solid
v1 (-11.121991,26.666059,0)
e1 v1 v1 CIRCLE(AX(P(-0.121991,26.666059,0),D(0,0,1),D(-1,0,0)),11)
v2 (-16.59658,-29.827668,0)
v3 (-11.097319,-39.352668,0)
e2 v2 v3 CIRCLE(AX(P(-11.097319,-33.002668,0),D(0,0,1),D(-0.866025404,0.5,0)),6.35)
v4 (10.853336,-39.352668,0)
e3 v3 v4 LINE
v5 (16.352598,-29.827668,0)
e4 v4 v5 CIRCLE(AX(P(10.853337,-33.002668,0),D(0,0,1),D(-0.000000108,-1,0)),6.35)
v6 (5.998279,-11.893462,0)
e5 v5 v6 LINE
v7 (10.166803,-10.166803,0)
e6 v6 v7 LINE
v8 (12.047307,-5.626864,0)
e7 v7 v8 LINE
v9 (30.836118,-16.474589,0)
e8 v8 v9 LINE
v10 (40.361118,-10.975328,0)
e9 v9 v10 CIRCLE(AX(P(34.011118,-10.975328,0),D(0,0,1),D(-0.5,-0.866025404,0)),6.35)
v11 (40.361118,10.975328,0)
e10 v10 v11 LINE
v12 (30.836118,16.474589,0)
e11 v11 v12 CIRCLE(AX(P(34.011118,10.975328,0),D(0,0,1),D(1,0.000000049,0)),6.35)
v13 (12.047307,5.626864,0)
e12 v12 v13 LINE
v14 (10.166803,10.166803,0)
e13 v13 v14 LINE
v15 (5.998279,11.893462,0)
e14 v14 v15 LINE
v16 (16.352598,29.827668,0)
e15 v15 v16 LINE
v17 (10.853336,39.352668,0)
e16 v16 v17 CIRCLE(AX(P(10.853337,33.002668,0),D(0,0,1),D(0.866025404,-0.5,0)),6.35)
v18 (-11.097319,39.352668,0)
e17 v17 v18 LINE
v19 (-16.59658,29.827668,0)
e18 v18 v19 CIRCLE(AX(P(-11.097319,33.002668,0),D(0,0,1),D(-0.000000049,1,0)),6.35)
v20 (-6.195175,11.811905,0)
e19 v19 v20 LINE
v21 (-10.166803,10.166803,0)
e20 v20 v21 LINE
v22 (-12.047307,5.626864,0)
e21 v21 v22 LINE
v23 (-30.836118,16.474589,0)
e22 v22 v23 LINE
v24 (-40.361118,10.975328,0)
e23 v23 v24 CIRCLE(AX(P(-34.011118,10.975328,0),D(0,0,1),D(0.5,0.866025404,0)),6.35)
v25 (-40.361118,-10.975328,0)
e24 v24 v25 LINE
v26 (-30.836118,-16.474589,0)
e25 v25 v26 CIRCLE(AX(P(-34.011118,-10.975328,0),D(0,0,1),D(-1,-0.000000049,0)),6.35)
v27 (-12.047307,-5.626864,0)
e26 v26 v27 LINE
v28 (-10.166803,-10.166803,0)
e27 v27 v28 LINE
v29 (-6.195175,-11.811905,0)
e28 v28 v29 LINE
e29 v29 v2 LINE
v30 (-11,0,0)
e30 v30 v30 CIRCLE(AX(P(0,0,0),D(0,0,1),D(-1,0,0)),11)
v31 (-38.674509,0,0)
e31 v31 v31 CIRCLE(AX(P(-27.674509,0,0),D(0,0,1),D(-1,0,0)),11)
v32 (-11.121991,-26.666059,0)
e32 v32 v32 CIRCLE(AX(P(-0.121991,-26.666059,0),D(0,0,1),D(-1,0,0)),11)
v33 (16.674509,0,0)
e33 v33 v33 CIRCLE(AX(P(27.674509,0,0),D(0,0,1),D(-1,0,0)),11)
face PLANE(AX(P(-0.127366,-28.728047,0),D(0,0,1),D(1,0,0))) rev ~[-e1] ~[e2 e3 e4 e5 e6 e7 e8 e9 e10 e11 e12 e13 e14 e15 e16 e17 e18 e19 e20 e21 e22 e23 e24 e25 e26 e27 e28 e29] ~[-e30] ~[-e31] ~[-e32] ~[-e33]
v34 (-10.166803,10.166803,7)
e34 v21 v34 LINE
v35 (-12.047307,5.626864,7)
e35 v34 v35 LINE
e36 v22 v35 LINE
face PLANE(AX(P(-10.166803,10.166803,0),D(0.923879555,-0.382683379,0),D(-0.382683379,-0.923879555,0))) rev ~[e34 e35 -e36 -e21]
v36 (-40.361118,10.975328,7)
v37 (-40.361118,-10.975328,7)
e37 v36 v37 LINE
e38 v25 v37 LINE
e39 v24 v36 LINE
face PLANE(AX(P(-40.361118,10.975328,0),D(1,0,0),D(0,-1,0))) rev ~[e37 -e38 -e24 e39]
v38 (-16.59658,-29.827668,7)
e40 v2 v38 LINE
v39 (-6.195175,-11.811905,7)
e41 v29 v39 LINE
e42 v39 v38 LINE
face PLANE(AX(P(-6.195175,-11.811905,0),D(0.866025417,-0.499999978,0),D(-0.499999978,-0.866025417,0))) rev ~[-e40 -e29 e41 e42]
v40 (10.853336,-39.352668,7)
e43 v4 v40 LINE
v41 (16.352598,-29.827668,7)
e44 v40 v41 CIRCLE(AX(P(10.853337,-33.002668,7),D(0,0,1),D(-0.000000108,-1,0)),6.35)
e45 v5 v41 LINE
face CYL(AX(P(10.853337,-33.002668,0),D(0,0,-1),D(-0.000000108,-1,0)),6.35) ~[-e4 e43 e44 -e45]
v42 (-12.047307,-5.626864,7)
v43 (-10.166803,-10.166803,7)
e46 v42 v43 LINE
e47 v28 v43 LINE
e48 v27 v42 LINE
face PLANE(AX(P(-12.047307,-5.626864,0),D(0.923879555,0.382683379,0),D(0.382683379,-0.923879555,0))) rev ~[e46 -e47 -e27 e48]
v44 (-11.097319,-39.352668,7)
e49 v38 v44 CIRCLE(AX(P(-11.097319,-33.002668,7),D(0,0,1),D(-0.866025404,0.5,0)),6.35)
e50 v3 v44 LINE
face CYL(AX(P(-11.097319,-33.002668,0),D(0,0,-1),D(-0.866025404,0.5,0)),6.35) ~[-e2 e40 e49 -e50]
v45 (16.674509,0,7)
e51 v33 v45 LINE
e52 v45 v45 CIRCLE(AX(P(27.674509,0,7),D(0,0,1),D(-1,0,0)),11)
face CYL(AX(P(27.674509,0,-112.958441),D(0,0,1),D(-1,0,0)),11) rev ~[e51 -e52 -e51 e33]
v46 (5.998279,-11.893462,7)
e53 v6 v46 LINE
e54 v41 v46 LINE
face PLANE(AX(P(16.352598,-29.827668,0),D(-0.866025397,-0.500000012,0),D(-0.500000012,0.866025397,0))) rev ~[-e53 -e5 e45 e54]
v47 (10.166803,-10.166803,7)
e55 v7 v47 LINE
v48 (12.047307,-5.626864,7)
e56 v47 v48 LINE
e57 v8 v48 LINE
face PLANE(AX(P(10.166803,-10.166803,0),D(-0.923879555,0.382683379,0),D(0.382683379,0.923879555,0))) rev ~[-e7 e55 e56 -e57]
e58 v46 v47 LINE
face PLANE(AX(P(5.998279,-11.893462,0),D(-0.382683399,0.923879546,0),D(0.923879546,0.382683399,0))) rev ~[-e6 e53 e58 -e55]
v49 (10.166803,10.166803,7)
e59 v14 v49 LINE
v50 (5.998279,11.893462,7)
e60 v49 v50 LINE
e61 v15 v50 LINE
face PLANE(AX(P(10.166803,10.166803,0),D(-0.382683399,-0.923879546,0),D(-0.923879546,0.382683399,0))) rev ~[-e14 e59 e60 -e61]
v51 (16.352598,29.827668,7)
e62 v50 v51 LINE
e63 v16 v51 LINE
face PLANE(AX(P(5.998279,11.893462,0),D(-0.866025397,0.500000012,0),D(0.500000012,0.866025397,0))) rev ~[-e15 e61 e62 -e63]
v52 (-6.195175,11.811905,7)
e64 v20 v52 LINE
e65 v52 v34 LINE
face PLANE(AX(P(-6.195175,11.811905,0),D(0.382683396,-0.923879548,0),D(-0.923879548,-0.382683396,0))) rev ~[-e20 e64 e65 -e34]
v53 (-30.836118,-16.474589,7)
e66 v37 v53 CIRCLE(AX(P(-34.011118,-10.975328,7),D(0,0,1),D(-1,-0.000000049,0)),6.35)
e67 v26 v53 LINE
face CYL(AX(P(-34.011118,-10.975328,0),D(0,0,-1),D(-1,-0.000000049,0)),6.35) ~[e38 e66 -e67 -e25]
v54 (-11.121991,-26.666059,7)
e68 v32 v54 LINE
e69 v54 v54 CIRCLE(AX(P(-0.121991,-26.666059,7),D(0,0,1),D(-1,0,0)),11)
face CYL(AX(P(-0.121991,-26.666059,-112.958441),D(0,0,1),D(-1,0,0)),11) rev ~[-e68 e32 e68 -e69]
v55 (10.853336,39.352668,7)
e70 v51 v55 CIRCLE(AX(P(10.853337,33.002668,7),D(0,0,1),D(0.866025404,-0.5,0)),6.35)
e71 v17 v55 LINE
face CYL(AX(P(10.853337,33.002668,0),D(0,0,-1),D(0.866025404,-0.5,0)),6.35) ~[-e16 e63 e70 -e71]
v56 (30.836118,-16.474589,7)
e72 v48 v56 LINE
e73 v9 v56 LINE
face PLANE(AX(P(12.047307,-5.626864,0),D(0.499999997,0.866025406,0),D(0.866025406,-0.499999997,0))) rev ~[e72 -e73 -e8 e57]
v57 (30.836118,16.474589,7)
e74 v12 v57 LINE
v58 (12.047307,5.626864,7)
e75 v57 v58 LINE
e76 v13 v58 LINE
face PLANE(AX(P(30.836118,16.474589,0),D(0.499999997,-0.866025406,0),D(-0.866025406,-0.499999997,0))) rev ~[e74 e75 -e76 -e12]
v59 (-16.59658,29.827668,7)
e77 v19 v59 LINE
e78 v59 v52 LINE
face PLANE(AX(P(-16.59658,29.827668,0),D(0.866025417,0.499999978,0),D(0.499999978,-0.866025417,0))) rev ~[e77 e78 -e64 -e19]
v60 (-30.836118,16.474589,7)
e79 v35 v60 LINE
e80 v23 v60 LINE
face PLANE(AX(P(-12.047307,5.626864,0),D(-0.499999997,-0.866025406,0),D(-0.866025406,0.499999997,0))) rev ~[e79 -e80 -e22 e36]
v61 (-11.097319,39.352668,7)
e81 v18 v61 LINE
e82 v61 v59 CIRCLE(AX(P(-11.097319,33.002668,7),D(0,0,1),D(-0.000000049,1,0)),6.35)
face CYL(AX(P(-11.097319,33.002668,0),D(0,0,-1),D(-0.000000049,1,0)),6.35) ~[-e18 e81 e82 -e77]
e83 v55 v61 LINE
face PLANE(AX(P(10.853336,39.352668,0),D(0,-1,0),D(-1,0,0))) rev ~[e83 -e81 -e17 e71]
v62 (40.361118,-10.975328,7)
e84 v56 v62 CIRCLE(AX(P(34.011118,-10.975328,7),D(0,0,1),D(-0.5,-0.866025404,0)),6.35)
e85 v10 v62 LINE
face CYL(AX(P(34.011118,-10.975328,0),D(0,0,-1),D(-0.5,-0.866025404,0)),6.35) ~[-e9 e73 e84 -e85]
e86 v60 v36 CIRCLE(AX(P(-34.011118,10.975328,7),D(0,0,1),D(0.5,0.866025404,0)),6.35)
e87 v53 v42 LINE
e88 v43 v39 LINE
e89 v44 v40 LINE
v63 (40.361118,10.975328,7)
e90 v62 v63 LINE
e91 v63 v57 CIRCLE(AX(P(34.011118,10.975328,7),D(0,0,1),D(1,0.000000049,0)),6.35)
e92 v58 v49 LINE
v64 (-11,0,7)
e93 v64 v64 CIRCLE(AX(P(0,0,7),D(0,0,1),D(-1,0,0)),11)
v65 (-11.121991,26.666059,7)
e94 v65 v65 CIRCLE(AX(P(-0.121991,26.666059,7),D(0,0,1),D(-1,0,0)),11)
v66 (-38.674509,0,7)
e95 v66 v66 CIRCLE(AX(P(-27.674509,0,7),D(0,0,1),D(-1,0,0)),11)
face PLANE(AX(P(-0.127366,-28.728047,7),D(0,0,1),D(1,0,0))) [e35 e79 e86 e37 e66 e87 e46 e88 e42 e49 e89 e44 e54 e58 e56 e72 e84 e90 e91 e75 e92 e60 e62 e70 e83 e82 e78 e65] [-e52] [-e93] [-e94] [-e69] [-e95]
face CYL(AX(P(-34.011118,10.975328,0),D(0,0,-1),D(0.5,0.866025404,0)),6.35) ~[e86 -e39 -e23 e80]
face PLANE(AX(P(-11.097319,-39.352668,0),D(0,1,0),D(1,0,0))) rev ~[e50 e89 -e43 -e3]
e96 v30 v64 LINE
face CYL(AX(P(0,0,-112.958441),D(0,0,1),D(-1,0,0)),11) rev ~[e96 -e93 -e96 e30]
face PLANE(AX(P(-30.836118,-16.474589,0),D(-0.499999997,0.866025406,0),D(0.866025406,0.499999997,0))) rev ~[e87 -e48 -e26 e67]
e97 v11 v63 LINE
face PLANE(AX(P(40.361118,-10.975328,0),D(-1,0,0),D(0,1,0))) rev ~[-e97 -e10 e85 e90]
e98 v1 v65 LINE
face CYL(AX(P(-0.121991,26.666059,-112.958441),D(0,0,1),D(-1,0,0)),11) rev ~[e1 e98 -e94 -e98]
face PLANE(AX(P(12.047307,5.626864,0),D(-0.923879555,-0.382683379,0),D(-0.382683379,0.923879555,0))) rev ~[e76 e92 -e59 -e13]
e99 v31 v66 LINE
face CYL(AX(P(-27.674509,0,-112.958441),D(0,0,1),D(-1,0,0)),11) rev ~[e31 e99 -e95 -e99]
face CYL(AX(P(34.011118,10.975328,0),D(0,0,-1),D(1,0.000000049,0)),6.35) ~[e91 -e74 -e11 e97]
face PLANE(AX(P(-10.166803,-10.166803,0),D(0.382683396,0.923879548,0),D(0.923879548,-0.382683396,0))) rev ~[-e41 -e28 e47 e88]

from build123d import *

# Parameters (mm, degrees)
F0_R     = 11
F1_DEPTH = 7
F2_D     = 22


with BuildPart() as f1:
    # F0 (on Top) → F1 (new body)
    with BuildSketch(Plane.XY):
        with BuildLine():
            Line((16.352598, -29.827668), (5.998279, -11.893462))
            Line((5.998279, -11.893462), (4.426611, -12.544469))
            Line((4.426611, -12.544469), (13.431306, -28.141059))
            ThreePointArc((13.431306, -28.141059), (13.431306, -34.491059), (7.932045, -37.666059))
            Line((7.932045, -37.666059), (-8.176027, -37.666059))
            ThreePointArc((-8.176027, -37.666059), (-13.675289, -34.491059), (-13.675289, -28.141059))
            Line((-13.675289, -28.141059), (-4.623506, -12.462912))
            Line((-4.623506, -12.462912), (-6.195175, -11.811905))
            Line((-6.195175, -11.811905), (-16.59658, -29.827668))
            ThreePointArc((-16.59658, -29.827668), (-16.59658, -36.177668), (-11.097319, -39.352668))
            Line((-11.097319, -39.352668), (10.853336, -39.352668))
            ThreePointArc((10.853336, -39.352668), (16.352598, -36.177668), (16.352598, -29.827668))
        make_face()
        with BuildLine():
            Line((30.836118, 16.474589), (12.047307, 5.626864))
            Line((12.047307, 5.626864), (12.698314, 4.055195))
            Line((12.698314, 4.055195), (14.378031, 0))
            Line((14.378031, 0), (12.698314, -4.055195))
            Line((12.698314, -4.055195), (12.047307, -5.626864))
            Line((12.047307, -5.626864), (30.836118, -16.474589))
            ThreePointArc((30.836118, -16.474589), (37.186118, -16.474589), (40.361118, -10.975328))
            Line((40.361118, -10.975328), (40.361118, 10.975328))
            ThreePointArc((40.361118, 10.975328), (37.186118, 16.474589), (30.836118, 16.474589))
        make_face()
        with BuildLine():
            Line((-12.698314, 4.055195), (-12.047307, 5.626864))
            Line((-12.047307, 5.626864), (-30.836118, 16.474589))
            ThreePointArc((-30.836118, 16.474589), (-37.186118, 16.474589), (-40.361118, 10.975328))
            Line((-40.361118, 10.975328), (-40.361118, -10.975328))
            ThreePointArc((-40.361118, -10.975328), (-37.186118, -16.474589), (-30.836118, -16.474589))
            Line((-30.836118, -16.474589), (-12.047307, -5.626864))
            Line((-12.047307, -5.626864), (-12.698314, -4.055195))
            Line((-12.698314, -4.055195), (-29.149509, -13.553298))
            ThreePointArc((-29.149509, -13.553298), (-35.499509, -13.553298), (-38.674509, -8.054036))
            Line((-38.674509, -8.054036), (-38.674509, 8.054036))
            ThreePointArc((-38.674509, 8.054036), (-35.499509, 13.553298), (-29.149509, 13.553298))
            Line((-29.149509, 13.553298), (-12.698314, 4.055195))
        make_face()
        with BuildLine():
            Line((13.431306, -28.141059), (4.426611, -12.544469))
            Line((4.426611, -12.544469), (0, -14.378031))
            Line((0, -14.378031), (-4.623506, -12.462912))
            Line((-4.623506, -12.462912), (-13.675289, -28.141059))
            ThreePointArc((-13.675289, -28.141059), (-13.675289, -34.491059), (-8.176027, -37.666059))
            Line((-8.176027, -37.666059), (7.932045, -37.666059))
            ThreePointArc((7.932045, -37.666059), (13.431306, -34.491059), (13.431306, -28.141059))
        make_face()
        Polygon((5.998279, 11.893462), (0, 14.378031), (-6.195175, 11.811905), (-10.166803, 10.166803), (-12.047307, 5.626864), (-12.698314, 4.055195), (-14.378031, 0), (-12.698314, -4.055195), (-12.047307, -5.626864), (-10.166803, -10.166803), (-6.195175, -11.811905), (-4.623506, -12.462912), (0, -14.378031), (4.426611, -12.544469), (5.998279, -11.893462), (10.166803, -10.166803), (12.047307, -5.626864), (12.698314, -4.055195), (14.378031, 0), (12.698314, 4.055195), (12.047307, 5.626864), (10.166803, 10.166803), align=None)
        Circle(F0_R, mode=Mode.SUBTRACT)
        with BuildLine():
            Line((-6.195175, 11.811905), (0, 14.378031))
            Line((0, 14.378031), (5.998279, 11.893462))
            Line((5.998279, 11.893462), (16.352598, 29.827668))
            ThreePointArc((16.352598, 29.827668), (16.352598, 36.177668), (10.853336, 39.352668))
            Line((10.853336, 39.352668), (-11.097319, 39.352668))
            ThreePointArc((-11.097319, 39.352668), (-16.59658, 36.177668), (-16.59658, 29.827668))
            Line((-16.59658, 29.827668), (-6.195175, 11.811905))
        make_face()
        with BuildLine():
            Line((-14.378031, 0), (-12.698314, 4.055195))
            Line((-12.698314, 4.055195), (-29.149509, 13.553298))
            ThreePointArc((-29.149509, 13.553298), (-35.499509, 13.553298), (-38.674509, 8.054036))
            Line((-38.674509, 8.054036), (-38.674509, -8.054036))
            ThreePointArc((-38.674509, -8.054036), (-35.499509, -13.553298), (-29.149509, -13.553298))
            Line((-29.149509, -13.553298), (-12.698314, -4.055195))
            Line((-12.698314, -4.055195), (-14.378031, 0))
        make_face()
        Circle(F0_R)
    extrude(amount=F1_DEPTH)

    # F2 (through all)
    with Locations(Plane(origin=(0, 0, 0), x_dir=(1, 0, 0), z_dir=(0, 0, -1))):
        with Locations((-27.674509, 0), (-0.121991, -26.666059), (0, 0), (27.674509, 0), (-0.121991, 26.666059)):
            Hole(F2_D / 2)


solid = f1.part
